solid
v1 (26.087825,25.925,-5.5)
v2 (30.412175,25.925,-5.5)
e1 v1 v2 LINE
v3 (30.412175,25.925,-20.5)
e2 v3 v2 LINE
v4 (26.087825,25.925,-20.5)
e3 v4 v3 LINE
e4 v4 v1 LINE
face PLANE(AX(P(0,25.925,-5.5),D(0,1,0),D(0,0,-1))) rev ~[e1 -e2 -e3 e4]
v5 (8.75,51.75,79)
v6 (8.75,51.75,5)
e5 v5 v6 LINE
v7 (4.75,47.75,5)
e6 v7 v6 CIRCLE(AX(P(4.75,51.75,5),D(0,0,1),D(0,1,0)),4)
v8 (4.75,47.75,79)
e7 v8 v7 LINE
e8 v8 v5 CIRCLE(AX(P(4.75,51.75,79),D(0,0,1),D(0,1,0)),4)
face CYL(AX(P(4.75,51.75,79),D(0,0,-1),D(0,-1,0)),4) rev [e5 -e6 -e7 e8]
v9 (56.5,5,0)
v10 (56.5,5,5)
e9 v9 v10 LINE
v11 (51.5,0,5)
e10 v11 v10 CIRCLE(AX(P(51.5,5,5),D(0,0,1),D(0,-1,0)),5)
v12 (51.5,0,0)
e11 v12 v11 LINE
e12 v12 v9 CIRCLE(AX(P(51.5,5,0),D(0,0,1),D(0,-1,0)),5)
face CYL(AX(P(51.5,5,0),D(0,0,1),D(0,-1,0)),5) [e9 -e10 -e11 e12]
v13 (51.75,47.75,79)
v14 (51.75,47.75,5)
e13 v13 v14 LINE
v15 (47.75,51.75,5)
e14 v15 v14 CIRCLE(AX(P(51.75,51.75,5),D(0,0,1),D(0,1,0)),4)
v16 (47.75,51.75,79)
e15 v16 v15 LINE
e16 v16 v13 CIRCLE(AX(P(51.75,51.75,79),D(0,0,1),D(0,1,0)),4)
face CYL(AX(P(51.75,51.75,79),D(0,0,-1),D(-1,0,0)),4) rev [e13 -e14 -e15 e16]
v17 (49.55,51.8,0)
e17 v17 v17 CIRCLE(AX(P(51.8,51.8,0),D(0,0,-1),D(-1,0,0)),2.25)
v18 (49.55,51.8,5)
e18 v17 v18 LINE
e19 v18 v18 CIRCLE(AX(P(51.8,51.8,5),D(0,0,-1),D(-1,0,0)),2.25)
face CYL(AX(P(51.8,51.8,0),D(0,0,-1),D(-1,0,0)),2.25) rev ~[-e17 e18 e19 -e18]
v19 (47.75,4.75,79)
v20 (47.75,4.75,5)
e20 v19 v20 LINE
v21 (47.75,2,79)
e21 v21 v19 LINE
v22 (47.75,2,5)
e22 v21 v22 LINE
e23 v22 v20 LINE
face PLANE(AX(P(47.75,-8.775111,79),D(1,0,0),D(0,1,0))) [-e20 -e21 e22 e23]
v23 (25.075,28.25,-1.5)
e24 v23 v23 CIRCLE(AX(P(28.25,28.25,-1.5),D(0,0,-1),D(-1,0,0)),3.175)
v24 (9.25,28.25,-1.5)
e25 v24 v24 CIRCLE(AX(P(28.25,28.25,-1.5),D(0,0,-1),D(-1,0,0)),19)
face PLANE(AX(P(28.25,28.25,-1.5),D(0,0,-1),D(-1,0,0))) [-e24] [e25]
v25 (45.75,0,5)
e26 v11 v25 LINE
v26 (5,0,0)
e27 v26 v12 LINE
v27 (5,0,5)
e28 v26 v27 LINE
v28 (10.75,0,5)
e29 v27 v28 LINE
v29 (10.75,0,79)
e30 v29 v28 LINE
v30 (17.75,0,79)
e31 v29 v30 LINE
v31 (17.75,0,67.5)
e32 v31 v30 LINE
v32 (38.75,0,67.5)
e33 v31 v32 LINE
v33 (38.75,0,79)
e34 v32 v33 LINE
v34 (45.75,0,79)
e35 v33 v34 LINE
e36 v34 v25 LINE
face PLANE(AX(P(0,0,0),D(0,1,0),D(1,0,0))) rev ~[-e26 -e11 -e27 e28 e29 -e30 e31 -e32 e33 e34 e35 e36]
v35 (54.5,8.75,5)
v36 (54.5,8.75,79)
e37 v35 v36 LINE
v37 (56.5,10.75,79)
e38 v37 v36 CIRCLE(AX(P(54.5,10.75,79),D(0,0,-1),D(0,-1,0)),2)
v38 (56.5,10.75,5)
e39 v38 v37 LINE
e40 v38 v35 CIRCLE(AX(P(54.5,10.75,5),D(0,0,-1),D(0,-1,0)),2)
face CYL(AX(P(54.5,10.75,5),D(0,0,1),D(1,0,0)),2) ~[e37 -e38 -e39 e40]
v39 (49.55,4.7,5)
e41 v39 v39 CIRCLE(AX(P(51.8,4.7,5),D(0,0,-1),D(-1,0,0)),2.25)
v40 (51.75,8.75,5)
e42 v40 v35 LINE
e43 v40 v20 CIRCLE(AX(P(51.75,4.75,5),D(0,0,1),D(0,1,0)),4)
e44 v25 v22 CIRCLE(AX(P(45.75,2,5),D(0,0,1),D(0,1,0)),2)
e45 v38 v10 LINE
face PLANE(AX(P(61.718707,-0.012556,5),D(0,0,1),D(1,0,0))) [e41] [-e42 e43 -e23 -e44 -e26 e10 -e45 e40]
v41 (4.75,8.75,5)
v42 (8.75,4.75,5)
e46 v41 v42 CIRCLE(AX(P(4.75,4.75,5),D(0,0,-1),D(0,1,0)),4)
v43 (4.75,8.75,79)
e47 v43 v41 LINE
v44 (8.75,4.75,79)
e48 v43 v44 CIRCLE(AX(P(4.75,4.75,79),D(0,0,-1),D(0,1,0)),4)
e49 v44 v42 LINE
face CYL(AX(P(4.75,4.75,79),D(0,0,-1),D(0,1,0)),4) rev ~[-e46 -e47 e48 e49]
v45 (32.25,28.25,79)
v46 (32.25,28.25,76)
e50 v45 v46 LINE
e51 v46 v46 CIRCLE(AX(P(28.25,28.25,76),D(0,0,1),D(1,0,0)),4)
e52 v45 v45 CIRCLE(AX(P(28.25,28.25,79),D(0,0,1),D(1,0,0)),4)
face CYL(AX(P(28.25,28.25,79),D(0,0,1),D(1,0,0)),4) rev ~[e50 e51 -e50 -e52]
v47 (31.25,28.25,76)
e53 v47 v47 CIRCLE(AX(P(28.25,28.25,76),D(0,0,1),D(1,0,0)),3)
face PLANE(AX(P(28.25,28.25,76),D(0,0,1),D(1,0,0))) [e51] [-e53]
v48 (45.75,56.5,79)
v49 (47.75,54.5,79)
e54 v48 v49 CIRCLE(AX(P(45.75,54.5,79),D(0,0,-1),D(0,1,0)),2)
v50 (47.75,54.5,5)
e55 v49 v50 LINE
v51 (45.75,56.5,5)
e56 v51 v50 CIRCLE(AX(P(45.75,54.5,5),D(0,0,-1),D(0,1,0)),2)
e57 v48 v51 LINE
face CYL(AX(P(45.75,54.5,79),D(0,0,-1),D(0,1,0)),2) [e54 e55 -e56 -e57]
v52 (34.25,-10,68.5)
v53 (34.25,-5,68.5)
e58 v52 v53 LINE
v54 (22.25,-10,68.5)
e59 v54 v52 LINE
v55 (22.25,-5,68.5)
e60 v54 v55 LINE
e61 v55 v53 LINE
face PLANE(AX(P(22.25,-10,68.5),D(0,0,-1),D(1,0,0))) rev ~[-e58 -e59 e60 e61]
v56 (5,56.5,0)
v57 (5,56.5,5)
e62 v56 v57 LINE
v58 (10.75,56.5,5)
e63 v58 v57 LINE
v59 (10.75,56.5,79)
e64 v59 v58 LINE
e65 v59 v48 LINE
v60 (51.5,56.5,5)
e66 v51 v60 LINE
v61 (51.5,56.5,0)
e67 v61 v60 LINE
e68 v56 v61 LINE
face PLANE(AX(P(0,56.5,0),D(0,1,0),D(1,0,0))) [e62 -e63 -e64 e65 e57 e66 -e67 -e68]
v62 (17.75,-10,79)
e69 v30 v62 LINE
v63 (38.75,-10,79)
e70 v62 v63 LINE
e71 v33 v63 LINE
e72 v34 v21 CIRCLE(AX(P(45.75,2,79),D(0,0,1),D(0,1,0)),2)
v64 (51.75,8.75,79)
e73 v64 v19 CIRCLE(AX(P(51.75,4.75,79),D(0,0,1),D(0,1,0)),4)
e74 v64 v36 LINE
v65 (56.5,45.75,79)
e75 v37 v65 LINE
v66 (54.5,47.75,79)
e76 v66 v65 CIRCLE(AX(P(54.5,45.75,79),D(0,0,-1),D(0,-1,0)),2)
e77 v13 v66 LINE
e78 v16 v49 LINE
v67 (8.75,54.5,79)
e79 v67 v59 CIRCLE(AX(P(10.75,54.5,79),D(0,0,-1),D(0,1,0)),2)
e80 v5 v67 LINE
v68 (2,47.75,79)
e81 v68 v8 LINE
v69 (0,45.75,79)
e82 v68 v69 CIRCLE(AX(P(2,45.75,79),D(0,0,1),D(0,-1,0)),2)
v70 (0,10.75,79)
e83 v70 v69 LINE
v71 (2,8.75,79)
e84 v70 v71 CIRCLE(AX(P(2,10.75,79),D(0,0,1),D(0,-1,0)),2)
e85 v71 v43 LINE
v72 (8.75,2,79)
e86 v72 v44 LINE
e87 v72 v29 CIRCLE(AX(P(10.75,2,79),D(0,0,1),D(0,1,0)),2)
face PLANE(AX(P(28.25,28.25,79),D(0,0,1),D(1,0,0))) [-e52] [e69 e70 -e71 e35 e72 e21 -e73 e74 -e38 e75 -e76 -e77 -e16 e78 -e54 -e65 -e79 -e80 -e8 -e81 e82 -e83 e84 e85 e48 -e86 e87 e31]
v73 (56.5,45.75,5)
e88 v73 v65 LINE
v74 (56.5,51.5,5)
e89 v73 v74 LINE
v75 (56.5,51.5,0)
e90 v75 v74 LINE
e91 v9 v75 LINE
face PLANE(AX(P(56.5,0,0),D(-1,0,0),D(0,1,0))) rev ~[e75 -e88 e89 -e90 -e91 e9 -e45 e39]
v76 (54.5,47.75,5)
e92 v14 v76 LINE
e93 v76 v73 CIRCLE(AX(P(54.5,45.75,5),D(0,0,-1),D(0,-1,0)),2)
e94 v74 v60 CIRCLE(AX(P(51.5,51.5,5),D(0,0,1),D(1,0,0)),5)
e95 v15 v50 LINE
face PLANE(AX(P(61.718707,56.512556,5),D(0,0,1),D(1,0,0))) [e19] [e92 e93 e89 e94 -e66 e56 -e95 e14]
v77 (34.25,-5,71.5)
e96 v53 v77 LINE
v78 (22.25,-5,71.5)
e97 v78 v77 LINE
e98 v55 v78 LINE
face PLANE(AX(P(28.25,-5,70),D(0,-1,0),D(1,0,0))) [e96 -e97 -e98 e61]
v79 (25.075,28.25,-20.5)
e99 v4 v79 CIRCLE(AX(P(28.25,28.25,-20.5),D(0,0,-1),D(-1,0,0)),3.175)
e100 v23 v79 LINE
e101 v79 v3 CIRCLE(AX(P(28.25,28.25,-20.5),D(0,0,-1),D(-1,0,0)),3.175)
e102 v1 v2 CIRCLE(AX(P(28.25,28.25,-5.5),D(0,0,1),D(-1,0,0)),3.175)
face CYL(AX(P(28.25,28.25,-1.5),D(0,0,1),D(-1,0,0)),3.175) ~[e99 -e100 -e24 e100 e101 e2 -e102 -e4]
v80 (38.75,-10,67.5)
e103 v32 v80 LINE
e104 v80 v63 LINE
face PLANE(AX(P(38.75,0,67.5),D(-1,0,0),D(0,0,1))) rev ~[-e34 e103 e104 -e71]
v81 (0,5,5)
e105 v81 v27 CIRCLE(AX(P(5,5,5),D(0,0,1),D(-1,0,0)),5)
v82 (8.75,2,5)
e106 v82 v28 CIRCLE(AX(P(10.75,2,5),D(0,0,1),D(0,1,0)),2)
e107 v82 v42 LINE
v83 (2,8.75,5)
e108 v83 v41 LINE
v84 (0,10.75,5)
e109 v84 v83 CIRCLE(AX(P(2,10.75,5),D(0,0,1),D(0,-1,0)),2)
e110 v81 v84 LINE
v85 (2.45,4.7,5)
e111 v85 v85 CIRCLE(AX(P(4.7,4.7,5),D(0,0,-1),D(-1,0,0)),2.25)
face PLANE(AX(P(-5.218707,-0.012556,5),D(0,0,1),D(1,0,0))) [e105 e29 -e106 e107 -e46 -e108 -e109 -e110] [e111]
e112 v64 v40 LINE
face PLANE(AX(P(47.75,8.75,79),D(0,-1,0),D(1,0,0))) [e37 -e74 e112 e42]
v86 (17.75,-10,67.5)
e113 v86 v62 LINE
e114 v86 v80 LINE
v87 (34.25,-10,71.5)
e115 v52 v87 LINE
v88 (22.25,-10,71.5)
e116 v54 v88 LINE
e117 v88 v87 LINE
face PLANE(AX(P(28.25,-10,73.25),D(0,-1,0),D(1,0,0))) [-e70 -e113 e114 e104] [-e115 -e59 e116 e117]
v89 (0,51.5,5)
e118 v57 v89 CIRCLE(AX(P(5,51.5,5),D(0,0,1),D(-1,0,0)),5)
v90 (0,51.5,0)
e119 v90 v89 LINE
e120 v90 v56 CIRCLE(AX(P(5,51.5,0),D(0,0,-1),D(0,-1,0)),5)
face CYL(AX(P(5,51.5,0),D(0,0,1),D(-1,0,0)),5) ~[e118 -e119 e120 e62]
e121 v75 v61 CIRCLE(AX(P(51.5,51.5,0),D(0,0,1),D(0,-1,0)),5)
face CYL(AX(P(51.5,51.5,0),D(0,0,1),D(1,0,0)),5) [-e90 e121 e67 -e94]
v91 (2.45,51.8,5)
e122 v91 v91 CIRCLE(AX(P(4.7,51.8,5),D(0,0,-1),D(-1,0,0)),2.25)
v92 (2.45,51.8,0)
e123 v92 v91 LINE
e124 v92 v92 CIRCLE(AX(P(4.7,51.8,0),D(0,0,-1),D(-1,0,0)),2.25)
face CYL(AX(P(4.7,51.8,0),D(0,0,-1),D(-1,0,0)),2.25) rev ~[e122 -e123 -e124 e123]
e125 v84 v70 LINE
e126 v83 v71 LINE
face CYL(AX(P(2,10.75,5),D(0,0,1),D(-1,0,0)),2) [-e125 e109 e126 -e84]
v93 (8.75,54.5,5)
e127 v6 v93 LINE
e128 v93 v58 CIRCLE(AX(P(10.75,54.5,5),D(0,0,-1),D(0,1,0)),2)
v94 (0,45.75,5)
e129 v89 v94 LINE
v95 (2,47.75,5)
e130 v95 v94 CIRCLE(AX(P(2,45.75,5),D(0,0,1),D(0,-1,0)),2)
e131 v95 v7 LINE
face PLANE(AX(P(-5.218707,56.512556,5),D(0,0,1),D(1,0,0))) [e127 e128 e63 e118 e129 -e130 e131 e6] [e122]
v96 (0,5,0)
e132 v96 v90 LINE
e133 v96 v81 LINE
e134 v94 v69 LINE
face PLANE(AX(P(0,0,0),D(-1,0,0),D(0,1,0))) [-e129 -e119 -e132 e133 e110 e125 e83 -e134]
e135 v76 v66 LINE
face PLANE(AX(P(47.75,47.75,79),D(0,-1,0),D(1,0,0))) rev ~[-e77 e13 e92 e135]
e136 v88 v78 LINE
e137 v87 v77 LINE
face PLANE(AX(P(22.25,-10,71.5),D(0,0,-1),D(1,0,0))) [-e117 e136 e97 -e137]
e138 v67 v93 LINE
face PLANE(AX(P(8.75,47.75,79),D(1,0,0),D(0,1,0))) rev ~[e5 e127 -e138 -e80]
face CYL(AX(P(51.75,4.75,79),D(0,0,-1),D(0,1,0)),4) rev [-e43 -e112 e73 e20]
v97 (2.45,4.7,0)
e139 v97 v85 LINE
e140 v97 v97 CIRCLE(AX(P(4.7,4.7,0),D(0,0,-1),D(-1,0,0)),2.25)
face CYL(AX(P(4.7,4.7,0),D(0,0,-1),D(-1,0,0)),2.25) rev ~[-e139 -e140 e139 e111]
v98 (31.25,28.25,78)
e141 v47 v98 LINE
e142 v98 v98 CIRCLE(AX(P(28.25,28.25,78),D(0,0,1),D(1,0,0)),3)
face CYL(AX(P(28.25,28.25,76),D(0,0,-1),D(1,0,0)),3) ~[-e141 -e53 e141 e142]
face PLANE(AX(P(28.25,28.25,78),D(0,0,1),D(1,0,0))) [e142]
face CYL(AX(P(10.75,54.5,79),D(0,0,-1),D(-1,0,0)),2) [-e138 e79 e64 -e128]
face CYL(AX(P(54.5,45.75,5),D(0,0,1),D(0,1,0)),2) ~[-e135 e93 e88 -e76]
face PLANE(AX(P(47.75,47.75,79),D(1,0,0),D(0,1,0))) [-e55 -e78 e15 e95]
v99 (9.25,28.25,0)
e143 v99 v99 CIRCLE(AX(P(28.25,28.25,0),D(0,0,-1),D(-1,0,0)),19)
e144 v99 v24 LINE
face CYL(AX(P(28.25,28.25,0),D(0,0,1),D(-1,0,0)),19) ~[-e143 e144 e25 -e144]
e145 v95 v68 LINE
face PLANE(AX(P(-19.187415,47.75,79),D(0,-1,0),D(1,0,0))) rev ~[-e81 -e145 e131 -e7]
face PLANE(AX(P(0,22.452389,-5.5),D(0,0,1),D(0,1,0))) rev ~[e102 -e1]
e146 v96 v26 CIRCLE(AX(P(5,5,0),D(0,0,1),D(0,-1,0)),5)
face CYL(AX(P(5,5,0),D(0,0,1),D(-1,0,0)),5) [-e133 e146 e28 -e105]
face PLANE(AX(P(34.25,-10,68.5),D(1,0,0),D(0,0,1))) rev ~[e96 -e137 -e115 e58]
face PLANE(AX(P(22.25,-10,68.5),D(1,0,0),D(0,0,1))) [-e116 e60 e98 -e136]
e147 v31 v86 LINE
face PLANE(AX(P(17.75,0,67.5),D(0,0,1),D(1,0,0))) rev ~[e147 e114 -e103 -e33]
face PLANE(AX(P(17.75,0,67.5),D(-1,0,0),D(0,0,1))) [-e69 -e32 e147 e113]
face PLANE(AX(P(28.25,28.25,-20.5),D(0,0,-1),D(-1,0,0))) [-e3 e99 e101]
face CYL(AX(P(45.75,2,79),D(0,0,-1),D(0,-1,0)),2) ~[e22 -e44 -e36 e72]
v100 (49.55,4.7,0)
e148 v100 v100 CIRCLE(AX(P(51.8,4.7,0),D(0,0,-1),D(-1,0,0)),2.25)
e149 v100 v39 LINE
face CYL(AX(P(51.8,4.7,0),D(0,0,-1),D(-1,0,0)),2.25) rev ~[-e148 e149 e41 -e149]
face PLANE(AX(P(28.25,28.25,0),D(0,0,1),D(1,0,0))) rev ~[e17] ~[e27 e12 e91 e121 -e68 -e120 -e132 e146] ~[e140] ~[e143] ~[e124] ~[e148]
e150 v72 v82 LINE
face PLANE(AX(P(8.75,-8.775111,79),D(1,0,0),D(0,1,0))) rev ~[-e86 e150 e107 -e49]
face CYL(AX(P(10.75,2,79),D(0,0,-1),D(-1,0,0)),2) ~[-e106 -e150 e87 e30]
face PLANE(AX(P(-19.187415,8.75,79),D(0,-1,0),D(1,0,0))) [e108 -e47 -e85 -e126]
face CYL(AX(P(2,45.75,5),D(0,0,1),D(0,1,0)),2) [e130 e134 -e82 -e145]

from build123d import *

# Parameters (mm, degrees)
SKETCH_1_W          = 56.5
SKETCH_1_H          = 56.5
EXTRUDE_1_DEPTH     = 79
FILLET_1_R          = 5
SKETCH_2_W          = 27.937414654
SKETCH_2_H          = 17.525111135
CUT_EXTRUDE_1_DEPTH = 74
FILLET_2_R          = 4
FILLET_3_R          = 2
SKETCH_3_R          = 19
EXTRUDE_2_DEPTH     = 1.5
SKETCH_4_R          = 4
CUT_EXTRUDE_2_DEPTH = 3
SKETCH_5_R          = 3
EXTRUDE_3_DEPTH     = 2
SKETCH_6_R          = 3.175
EXTRUDE_4_DEPTH     = 19
SKETCH_7_R          = 2.25
CUT_EXTRUDE_3_DEPTH = 21
SKETCH_8_W          = 21
SKETCH_8_H          = 11.5
EXTRUDE_5_DEPTH     = 10
SKETCH_9_W          = 12
SKETCH_9_H          = 3
CUT_EXTRUDE_4_DEPTH = 5
SKETCH_10_W         = 15
SKETCH_10_H         = 3.472611371
CUT_EXTRUDE_6_DEPTH = 113.36325022


with BuildPart() as part:
    # 草图1 → 凸台-拉伸1 (new body)
    with BuildSketch(Plane.XY):
        with Locations((28.25, 28.25)):
            Rectangle(SKETCH_1_W, SKETCH_1_H)
    extrude(amount=EXTRUDE_1_DEPTH)

    # 圆角1
    fillet_1_edges = [part.edges().sort_by_distance(p)[0] for p in [
        (0, 56.5, 39.5),
        (56.5, 56.5, 39.5),
        (56.5, 0, 39.5),
        (0, 0, 39.5),
    ]]
    fillet(fillet_1_edges, radius=FILLET_1_R)

    # 草图2 → 切除-拉伸1 (cut)
    with BuildSketch(Plane.XY.offset(79)):
        with Locations((-5.218707327, 56.512555568)):
            Rectangle(SKETCH_2_W, SKETCH_2_H)
        with Locations((61.718707327, 56.512555568)):
            Rectangle(SKETCH_2_W, SKETCH_2_H)
        with Locations((61.718707327, -0.012555568)):
            Rectangle(SKETCH_2_W, SKETCH_2_H)
        with Locations((-5.218707327, -0.012555568)):
            Rectangle(SKETCH_2_W, SKETCH_2_H)
    extrude(amount=-CUT_EXTRUDE_1_DEPTH, mode=Mode.SUBTRACT)

    # 圆角2
    fillet_2_edges = [part.edges().sort_by_distance(p)[0] for p in [
        (8.75, 47.75, 42),
        (47.75, 47.75, 42),
        (47.75, 8.75, 42),
        (8.75, 8.75, 42),
    ]]
    fillet(fillet_2_edges, radius=FILLET_2_R)

    # 圆角3
    fillet_3_edges = [part.edges().sort_by_distance(p)[0] for p in [
        (8.75, 56.5, 42),
        (0, 47.75, 42),
        (56.5, 47.75, 42),
        (47.75, 56.5, 42),
        (47.75, 0, 42),
        (56.5, 8.75, 42),
        (0, 8.75, 42),
        (8.75, 0, 42),
    ]]
    fillet(fillet_3_edges, radius=FILLET_3_R)

    # 草图3 → 凸台-拉伸2 (add)
    with BuildSketch(Plane(origin=(0, 0, 0), x_dir=(-1, 0, 0), z_dir=(0, 0, -1))):
        with Locations((-28.25, 28.25)):
            Circle(SKETCH_3_R)
    extrude(amount=EXTRUDE_2_DEPTH)

    # 草图4 → 切除-拉伸2 (cut)
    with BuildSketch(Plane.XY.offset(79)):
        with Locations((28.25, 28.25)):
            Circle(SKETCH_4_R)
    extrude(amount=-CUT_EXTRUDE_2_DEPTH, mode=Mode.SUBTRACT)

    # 草图5 → 凸台-拉伸3 (add)
    with BuildSketch(Plane.XY.offset(76)):
        with Locations((28.25, 28.25)):
            Circle(SKETCH_5_R)
    extrude(amount=EXTRUDE_3_DEPTH)

    # 草图6 → 凸台-拉伸4 (add)
    with BuildSketch(Plane(origin=(0, 0, -1.5), x_dir=(-1, 0, 0), z_dir=(0, 0, -1))):
        with Locations((-28.25, 28.25)):
            Circle(SKETCH_6_R)
    extrude(amount=EXTRUDE_4_DEPTH)

    # 草图7 → 切除-拉伸3 (cut)
    with BuildSketch(Plane(origin=(0, 0, 0), x_dir=(-1, 0, 0), z_dir=(0, 0, -1))):
        with Locations((-51.8, 4.7)):
            Circle(SKETCH_7_R)
        with Locations((-4.7, 4.7)):
            Circle(SKETCH_7_R)
        with Locations((-4.7, 51.8)):
            Circle(SKETCH_7_R)
        with Locations((-51.8, 51.8)):
            Circle(SKETCH_7_R)
    extrude(amount=-CUT_EXTRUDE_3_DEPTH, mode=Mode.SUBTRACT)

    # 草图8 → 凸台-拉伸5 (add)
    with BuildSketch(Plane.XZ):
        with Locations((28.25, 73.25)):
            Rectangle(SKETCH_8_W, SKETCH_8_H)
    extrude(amount=EXTRUDE_5_DEPTH)

    # 草图9 → 切除-拉伸4 (cut)
    with BuildSketch(Plane.XZ.offset(10)):
        with Locations((28.25, 70)):
            Rectangle(SKETCH_9_W, SKETCH_9_H)
    extrude(amount=-CUT_EXTRUDE_4_DEPTH, mode=Mode.SUBTRACT)

    # 草图10 → 切除-拉伸6 (cut, through all)
    with BuildSketch(Plane(origin=(0, 0, 0), x_dir=(0, 0, -1), z_dir=(1, 0, 0))):
        with Locations((13, 24.188694315)):
            Rectangle(SKETCH_10_W, SKETCH_10_H)
    extrude(amount=CUT_EXTRUDE_6_DEPTH, mode=Mode.SUBTRACT)


solid = part.part
